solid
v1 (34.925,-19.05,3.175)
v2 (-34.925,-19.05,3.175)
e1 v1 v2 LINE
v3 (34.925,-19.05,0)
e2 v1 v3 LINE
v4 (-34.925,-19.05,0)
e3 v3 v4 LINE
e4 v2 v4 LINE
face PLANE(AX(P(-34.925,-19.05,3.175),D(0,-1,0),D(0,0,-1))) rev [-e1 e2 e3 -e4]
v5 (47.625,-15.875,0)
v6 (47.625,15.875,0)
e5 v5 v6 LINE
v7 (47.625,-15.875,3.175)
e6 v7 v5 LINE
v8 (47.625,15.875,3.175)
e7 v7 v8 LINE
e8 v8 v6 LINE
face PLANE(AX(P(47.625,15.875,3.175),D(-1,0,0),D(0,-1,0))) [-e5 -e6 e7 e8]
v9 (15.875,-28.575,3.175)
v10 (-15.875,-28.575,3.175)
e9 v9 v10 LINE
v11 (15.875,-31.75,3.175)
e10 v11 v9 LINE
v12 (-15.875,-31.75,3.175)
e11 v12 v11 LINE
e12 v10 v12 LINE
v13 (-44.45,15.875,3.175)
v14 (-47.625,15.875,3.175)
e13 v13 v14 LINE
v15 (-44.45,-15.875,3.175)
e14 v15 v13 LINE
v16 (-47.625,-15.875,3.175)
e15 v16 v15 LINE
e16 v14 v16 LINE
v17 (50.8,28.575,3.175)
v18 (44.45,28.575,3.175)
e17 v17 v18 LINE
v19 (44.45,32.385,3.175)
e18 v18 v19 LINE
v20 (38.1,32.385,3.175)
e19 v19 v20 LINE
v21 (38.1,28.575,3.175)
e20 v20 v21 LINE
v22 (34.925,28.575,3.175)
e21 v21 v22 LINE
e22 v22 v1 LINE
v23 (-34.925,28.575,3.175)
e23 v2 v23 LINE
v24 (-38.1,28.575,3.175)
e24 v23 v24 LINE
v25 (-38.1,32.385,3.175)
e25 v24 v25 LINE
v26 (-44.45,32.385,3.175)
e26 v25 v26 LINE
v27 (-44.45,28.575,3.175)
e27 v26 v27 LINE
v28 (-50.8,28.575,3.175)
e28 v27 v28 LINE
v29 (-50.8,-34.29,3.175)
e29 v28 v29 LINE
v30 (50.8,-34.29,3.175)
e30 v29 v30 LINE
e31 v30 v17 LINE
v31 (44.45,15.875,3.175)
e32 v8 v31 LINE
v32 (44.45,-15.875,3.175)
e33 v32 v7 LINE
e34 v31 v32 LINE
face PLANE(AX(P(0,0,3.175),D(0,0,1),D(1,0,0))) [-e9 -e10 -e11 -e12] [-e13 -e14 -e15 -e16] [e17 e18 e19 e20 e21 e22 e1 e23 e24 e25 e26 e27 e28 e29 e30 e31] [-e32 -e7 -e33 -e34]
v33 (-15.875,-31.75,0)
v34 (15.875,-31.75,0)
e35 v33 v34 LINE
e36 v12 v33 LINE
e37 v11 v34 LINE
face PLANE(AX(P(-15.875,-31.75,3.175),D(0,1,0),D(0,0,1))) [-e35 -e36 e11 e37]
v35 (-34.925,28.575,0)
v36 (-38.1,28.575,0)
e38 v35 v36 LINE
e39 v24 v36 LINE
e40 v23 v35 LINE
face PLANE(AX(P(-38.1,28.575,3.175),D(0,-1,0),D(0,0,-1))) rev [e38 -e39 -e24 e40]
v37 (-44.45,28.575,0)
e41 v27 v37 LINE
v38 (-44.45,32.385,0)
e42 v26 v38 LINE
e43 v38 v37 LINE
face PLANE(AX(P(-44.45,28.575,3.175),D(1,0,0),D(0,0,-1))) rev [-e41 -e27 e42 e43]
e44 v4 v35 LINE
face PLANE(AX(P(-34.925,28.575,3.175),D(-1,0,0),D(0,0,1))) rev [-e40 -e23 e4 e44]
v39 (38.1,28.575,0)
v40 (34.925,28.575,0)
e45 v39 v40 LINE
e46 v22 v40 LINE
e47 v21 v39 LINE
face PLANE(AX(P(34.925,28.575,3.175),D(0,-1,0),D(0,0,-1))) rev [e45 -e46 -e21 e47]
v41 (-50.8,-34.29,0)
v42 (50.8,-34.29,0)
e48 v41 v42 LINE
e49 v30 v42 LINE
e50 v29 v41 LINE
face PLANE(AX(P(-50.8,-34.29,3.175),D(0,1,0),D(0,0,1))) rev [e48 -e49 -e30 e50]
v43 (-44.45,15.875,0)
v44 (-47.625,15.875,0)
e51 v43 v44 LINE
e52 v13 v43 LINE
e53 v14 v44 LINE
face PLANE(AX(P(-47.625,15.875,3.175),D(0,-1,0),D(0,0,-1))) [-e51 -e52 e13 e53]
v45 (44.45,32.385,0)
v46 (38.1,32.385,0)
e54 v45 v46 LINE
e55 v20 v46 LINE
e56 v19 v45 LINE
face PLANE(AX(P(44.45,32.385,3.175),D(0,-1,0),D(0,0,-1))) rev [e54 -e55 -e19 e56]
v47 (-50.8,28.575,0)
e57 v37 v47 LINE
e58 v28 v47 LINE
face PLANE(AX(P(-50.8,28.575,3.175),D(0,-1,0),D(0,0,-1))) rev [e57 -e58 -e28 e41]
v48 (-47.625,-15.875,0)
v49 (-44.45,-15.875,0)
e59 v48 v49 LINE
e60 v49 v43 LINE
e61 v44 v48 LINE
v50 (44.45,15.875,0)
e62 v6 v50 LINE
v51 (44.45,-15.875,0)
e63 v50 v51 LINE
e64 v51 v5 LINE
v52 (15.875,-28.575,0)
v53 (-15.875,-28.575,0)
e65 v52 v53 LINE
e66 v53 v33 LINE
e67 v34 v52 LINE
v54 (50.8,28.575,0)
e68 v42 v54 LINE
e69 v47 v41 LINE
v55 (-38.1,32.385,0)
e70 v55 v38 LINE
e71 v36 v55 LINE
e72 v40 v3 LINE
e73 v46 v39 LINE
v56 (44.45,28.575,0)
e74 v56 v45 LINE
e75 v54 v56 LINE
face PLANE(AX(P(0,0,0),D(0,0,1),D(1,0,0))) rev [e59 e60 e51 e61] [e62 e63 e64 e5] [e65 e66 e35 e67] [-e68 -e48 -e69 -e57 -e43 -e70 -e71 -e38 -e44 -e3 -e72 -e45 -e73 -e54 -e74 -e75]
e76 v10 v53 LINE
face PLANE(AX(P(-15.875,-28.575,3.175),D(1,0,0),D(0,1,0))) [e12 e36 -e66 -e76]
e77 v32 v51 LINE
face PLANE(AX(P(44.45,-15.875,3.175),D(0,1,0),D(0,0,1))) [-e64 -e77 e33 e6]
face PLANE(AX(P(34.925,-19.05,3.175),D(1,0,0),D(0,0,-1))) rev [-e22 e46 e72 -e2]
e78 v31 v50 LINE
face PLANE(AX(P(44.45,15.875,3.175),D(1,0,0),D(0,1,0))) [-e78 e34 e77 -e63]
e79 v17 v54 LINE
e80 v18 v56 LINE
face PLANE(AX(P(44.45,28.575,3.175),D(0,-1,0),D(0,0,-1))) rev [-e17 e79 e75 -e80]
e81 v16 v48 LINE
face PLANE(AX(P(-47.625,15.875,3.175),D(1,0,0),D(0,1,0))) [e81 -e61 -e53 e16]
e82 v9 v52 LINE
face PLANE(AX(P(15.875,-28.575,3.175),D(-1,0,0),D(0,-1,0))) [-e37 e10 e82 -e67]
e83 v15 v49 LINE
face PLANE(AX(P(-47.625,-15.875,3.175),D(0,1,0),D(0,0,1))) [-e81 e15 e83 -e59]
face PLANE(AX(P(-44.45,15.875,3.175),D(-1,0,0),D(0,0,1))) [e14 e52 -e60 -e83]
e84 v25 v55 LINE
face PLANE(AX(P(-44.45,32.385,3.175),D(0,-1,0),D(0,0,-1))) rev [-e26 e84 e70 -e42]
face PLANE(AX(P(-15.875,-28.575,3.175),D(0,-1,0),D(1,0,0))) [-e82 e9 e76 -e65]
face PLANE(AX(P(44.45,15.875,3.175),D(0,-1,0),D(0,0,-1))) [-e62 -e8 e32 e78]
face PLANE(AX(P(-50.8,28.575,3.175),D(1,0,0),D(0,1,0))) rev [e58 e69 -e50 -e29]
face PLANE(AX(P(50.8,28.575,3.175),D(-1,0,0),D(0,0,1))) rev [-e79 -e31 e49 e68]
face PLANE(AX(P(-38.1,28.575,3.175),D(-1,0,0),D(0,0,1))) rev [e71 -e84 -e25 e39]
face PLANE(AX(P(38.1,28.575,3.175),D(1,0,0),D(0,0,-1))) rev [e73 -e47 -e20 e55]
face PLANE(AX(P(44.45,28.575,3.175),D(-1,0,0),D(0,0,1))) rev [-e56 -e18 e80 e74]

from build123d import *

# Parameters (mm, degrees)
SKETCH1_W           = 31.75
SKETCH1_H           = 3.175
SKETCH1_W_2         = 3.175
SKETCH1_H_2         = 31.75
BOSS_EXTRUDE1_DEPTH = 3.175


with BuildPart() as part:
    # Sketch1 → Boss-Extrude1 (new body)
    with BuildSketch(Plane.XY):
        Polygon((-50.8, 28.575), (-44.45, 28.575), (-44.45, 32.385), (-38.1, 32.385), (-38.1, 28.575), (-34.925, 28.575), (-34.925, -19.05), (34.925, -19.05), (34.925, 28.575), (38.1, 28.575), (38.1, 32.385), (44.45, 32.385), (44.45, 28.575), (50.8, 28.575), (50.8, -34.29), (-50.8, -34.29), align=None)
        with Locations((0, -30.1625)):
            Rectangle(SKETCH1_W, SKETCH1_H, mode=Mode.SUBTRACT)
        with Locations((-46.0375, 0)):
            Rectangle(SKETCH1_W_2, SKETCH1_H_2, mode=Mode.SUBTRACT)
        with Locations((46.0375, 0)):
            Rectangle(SKETCH1_W_2, SKETCH1_H_2, mode=Mode.SUBTRACT)
    extrude(amount=BOSS_EXTRUDE1_DEPTH)


solid = part.part
